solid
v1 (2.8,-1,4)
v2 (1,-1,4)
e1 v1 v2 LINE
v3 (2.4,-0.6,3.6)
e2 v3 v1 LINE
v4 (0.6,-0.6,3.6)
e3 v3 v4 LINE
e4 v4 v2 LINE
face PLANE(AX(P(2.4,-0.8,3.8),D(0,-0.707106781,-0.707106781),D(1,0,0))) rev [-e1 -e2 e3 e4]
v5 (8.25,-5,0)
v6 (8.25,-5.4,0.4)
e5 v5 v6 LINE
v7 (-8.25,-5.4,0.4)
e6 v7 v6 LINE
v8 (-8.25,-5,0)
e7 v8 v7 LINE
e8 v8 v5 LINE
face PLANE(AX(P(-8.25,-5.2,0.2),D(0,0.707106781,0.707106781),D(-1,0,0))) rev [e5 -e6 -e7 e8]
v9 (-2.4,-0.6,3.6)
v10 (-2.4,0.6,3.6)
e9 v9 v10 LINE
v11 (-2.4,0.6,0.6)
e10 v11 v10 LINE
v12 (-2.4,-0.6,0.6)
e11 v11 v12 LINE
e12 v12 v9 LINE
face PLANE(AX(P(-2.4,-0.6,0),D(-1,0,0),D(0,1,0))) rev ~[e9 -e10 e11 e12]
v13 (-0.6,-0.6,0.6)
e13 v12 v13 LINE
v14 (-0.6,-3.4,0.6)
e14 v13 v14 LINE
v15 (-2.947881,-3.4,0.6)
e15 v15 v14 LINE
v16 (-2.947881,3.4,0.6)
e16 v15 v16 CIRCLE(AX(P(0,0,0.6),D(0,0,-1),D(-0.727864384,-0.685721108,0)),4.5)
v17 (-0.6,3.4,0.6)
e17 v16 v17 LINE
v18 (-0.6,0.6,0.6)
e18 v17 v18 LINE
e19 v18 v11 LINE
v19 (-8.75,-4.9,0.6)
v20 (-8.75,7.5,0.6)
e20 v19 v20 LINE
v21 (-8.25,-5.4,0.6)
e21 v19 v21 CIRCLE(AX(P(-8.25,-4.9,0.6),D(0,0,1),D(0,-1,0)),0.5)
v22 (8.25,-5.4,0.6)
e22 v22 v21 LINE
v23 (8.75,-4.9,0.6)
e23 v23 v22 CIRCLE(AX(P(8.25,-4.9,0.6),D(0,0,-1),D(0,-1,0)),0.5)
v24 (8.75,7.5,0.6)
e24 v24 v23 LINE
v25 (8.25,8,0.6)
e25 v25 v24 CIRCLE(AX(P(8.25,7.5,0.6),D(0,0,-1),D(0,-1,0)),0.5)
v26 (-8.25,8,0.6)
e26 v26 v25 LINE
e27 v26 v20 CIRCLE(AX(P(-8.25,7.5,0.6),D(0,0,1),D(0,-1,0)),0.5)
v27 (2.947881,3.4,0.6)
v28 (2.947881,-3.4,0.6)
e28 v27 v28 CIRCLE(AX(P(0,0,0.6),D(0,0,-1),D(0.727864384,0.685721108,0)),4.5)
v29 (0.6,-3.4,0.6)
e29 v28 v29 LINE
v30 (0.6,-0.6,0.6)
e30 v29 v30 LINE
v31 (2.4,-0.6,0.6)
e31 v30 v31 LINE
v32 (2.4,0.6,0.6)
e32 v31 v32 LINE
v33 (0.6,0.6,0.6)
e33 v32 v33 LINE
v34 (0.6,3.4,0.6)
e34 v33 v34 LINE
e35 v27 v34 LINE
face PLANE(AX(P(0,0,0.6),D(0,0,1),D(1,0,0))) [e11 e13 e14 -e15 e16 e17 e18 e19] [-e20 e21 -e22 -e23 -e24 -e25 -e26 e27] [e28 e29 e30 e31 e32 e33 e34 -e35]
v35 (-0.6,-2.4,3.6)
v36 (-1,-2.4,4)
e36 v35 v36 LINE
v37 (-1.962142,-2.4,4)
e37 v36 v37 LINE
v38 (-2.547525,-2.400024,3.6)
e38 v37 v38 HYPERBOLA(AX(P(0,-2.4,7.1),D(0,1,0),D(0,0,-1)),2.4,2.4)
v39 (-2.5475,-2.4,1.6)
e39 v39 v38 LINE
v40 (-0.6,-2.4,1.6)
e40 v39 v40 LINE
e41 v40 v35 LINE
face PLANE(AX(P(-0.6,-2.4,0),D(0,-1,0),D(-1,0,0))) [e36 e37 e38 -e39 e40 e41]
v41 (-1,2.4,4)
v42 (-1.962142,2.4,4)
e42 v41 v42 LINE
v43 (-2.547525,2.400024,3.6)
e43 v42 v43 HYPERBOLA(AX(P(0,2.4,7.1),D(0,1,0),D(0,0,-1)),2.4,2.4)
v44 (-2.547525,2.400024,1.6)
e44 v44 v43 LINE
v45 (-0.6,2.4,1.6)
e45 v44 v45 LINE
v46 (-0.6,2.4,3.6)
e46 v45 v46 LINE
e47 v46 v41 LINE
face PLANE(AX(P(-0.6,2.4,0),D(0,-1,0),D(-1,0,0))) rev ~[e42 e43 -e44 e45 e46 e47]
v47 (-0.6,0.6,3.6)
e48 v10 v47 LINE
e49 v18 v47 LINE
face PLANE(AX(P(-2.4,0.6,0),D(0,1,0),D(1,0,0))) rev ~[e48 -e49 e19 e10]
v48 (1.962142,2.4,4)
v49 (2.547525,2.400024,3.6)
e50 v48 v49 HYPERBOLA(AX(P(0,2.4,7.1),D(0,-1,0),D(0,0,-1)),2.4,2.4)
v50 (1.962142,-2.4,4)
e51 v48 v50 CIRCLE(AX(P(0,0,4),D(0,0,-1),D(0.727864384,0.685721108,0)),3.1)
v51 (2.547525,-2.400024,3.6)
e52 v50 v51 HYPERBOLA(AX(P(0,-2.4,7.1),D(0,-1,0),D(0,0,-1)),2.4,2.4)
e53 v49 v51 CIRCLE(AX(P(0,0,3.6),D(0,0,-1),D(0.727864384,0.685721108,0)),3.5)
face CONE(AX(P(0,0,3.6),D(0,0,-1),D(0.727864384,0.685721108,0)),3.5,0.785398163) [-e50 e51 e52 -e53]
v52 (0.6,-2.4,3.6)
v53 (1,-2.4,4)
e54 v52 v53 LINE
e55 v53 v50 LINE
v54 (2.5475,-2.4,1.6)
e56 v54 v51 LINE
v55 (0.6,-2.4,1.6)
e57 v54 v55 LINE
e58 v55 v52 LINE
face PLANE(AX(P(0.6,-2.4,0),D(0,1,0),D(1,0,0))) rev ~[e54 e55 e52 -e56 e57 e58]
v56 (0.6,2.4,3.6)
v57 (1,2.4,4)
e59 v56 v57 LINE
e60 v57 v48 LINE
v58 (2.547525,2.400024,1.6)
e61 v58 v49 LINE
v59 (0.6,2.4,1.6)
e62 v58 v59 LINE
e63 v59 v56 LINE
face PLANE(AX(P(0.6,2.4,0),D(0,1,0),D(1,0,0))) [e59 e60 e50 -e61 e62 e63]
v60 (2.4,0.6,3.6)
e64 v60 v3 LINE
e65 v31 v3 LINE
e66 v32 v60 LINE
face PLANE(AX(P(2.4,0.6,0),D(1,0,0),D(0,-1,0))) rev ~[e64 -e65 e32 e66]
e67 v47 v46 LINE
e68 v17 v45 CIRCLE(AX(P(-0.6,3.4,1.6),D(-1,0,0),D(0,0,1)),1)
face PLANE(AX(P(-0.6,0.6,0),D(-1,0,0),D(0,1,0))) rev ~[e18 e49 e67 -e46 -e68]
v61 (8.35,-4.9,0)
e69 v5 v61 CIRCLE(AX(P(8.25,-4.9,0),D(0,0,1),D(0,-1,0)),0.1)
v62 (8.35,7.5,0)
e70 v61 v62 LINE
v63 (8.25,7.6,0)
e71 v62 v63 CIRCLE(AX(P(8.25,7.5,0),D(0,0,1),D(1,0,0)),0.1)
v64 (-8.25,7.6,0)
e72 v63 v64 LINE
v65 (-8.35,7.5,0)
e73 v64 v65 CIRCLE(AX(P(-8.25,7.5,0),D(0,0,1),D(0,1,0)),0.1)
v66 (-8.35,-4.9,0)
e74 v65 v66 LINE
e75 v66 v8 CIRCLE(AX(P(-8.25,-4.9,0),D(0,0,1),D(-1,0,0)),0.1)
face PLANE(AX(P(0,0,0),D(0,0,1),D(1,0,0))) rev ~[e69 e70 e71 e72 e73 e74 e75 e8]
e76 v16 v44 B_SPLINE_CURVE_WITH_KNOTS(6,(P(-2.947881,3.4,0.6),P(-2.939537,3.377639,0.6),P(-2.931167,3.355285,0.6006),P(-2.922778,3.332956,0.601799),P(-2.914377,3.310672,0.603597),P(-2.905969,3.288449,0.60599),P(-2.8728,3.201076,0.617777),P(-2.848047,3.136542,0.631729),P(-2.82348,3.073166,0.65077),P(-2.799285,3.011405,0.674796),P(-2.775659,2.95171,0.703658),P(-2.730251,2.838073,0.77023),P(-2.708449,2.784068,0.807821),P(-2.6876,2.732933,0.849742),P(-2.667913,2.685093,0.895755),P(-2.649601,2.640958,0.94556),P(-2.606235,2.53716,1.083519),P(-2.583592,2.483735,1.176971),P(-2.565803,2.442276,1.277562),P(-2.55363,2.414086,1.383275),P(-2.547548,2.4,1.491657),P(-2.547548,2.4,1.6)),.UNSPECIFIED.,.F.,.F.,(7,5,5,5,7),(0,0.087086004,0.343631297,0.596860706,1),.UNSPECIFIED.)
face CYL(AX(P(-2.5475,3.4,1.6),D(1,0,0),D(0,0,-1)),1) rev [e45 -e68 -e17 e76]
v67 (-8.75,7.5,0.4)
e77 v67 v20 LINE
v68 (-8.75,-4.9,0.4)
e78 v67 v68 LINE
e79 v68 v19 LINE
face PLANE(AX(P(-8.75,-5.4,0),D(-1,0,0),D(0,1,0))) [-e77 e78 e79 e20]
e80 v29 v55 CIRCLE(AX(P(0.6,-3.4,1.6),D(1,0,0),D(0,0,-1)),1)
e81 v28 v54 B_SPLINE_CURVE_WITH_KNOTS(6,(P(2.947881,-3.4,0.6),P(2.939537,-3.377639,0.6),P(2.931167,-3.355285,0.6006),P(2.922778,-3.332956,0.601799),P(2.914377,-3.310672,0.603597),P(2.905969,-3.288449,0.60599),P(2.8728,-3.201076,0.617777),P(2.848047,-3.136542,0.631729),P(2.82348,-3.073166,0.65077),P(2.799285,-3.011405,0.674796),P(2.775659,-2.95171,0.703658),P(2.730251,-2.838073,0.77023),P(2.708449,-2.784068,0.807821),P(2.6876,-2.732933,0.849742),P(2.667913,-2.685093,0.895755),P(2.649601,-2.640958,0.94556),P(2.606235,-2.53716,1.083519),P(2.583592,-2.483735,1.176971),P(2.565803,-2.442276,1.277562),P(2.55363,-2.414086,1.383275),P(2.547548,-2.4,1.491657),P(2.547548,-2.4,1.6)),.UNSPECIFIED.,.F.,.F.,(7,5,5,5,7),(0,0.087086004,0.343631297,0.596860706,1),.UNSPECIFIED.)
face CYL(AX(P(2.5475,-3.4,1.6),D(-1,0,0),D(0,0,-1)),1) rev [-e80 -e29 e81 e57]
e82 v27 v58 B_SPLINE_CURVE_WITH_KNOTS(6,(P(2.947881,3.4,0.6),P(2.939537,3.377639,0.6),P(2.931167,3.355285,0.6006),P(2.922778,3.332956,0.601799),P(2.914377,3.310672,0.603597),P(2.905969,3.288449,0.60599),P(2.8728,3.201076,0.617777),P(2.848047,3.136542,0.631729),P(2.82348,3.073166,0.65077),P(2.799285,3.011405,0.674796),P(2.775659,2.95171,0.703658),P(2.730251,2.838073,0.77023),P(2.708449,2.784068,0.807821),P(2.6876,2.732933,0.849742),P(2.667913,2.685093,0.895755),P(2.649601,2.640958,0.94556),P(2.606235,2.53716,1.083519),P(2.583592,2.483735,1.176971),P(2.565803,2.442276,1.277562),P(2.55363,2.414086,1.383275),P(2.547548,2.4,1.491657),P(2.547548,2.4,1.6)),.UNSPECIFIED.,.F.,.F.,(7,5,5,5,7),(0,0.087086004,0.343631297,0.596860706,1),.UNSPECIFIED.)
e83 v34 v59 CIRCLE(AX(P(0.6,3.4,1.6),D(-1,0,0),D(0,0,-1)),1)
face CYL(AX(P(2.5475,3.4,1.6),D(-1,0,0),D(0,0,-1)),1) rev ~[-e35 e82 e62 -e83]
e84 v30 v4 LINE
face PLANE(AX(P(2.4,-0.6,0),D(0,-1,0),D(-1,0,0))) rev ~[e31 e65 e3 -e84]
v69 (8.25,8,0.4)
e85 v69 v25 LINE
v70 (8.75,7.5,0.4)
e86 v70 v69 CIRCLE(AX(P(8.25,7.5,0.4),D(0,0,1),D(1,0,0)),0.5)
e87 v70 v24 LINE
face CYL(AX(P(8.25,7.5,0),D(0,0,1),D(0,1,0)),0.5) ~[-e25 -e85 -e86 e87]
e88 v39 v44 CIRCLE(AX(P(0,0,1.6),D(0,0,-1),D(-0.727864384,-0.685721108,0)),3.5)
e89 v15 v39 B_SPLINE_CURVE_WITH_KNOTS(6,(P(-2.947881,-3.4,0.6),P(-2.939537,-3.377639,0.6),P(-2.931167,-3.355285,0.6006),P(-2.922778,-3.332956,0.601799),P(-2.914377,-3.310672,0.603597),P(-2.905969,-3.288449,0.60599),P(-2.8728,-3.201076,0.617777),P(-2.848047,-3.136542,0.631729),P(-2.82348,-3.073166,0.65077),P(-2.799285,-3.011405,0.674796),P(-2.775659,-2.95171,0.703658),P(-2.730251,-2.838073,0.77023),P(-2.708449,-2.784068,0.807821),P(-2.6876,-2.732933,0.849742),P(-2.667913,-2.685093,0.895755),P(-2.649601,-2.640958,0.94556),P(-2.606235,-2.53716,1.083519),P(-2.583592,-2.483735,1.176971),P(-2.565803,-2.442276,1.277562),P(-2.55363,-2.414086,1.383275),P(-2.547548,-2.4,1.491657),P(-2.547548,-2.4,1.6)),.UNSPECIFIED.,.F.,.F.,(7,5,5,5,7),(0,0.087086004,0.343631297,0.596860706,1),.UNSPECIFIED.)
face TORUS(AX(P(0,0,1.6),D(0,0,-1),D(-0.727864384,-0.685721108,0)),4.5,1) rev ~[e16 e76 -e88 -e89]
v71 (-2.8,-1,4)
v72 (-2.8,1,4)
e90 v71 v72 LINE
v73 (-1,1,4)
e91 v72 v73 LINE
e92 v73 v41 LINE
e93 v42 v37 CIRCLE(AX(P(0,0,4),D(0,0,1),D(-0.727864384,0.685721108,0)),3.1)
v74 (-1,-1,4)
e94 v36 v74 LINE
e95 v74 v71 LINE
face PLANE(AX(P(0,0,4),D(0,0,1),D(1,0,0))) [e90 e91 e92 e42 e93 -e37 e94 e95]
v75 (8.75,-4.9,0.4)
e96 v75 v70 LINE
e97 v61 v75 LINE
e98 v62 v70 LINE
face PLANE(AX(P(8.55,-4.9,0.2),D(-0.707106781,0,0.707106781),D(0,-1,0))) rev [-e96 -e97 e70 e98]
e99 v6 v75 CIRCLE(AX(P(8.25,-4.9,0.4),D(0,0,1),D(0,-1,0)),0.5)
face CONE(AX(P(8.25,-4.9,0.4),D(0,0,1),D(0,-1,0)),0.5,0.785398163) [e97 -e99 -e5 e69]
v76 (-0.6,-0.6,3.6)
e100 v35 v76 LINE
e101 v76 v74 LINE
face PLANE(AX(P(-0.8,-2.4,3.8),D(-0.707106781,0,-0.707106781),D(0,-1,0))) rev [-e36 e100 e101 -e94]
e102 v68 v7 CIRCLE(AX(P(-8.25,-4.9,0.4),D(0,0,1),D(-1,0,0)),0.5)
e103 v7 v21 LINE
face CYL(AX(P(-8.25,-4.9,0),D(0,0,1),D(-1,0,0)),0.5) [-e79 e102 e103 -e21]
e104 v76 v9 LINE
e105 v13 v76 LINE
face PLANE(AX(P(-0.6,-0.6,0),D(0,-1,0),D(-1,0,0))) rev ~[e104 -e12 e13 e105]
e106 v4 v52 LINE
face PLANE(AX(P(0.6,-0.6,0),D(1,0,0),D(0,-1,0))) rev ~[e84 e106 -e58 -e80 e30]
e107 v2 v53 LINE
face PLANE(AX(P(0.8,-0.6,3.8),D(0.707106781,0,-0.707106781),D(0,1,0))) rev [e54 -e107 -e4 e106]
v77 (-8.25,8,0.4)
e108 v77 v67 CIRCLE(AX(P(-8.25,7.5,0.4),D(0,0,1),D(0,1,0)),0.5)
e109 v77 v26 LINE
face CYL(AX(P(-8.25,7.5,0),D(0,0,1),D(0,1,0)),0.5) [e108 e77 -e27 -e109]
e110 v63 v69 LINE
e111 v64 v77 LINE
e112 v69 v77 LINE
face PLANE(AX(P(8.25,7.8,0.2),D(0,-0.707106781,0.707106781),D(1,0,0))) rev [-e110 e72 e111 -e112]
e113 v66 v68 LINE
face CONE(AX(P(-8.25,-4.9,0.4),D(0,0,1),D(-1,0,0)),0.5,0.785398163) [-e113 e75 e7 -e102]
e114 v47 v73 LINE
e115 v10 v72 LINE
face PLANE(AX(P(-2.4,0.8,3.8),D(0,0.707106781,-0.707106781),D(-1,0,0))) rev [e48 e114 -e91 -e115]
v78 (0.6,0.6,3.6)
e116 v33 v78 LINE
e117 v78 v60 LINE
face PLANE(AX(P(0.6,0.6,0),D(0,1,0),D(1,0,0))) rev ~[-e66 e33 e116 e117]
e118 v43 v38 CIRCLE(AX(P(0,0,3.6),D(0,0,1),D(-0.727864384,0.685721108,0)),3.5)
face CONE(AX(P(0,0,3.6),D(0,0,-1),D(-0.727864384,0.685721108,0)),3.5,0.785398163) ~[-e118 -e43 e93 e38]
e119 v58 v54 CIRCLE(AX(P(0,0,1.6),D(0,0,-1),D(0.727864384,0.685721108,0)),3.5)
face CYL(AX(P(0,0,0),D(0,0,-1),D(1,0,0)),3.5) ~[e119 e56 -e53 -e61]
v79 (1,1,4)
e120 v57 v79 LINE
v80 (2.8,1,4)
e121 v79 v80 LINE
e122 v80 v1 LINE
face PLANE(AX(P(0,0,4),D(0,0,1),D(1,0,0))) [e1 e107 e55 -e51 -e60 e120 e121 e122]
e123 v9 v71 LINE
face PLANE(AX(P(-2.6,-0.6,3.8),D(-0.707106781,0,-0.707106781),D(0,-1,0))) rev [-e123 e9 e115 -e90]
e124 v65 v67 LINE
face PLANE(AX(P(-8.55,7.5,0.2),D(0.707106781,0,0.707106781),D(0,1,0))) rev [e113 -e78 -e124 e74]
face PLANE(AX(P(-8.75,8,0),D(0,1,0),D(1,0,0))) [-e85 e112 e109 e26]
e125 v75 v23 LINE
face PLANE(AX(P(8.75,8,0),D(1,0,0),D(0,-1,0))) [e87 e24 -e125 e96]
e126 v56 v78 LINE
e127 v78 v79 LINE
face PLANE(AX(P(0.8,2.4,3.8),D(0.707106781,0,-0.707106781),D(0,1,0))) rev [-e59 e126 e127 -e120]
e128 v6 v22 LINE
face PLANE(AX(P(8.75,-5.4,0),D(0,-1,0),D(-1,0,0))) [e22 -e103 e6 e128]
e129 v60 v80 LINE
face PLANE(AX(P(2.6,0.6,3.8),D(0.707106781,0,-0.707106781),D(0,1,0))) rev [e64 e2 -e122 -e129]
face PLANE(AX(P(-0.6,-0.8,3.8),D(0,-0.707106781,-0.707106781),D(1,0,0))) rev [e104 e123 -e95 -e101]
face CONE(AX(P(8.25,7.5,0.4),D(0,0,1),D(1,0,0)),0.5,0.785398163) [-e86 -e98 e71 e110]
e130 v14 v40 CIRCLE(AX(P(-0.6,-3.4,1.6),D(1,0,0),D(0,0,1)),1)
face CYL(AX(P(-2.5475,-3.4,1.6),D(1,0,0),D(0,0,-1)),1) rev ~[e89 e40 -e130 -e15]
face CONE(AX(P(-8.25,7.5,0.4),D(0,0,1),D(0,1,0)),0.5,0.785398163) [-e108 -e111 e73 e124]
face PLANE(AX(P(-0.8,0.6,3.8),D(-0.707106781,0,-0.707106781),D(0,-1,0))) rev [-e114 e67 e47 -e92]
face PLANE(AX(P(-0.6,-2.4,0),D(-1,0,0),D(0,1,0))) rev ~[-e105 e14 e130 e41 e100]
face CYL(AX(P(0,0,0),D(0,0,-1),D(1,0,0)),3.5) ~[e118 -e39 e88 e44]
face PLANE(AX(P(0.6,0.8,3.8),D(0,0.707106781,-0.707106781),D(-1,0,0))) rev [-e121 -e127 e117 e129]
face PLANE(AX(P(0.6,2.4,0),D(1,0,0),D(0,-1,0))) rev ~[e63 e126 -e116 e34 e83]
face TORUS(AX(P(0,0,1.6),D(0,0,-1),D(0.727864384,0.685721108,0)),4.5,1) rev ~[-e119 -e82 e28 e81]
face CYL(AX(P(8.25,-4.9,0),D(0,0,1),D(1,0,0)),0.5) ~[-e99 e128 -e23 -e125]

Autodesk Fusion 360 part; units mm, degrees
sketch "Sketch1" plane through (0, 0, 0) normal (0, 0, 1) x (1, 0, 0)
  line L0 (11.35, 9) -> (-11.35, 9) construction
  line L1 (-11.35, 9) -> (-11.35, -9) construction
  line L2 (-11.35, -9) -> (11.35, -9) construction
  line L3 (11.35, -9) -> (11.35, 9) construction
  line L4 (11.35, 9) -> (-11.35, -9) construction
  line L5 (-11.35, 9) -> (11.35, -9) construction
  line L6 (-8.75, 8) -> (8.75, 8)
  line L7 (8.75, 8) -> (8.75, -5.4)
  line L8 (8.75, -5.4) -> (-8.75, -5.4)
  line L9 (-8.75, -5.4) -> (-8.75, 8)
  circle A0 centre (0, 0) radius 3.5
  line L10 (2.4, -0.6) -> (-2.4, -0.6)
  line L11 (-2.4, -0.6) -> (-2.4, 0.6)
  line L12 (-2.4, 0.6) -> (2.4, 0.6)
  line L13 (2.4, 0.6) -> (2.4, -0.6)
  line L14 (2.4, -0.6) -> (-2.4, 0.6) construction
  line L15 (-2.4, -0.6) -> (2.4, 0.6) construction
  line L16 (0.6, -2.4) -> (-0.6, -2.4)
  line L17 (-0.6, -2.4) -> (-0.6, 2.4)
  line L18 (-0.6, 2.4) -> (0.6, 2.4)
  line L19 (0.6, 2.4) -> (0.6, -2.4)
  line L20 (0.6, -2.4) -> (-0.6, 2.4) construction
  line L21 (-0.6, -2.4) -> (0.6, 2.4) construction
  line L22 (-0.6, 2.4) -> (-2.5475, 2.4)
  line L23 (0.6, 2.4) -> (2.5475, 2.4)
  line L24 (-0.6, -2.4) -> (-2.5475, -2.4)
  line L25 (0.6, -2.4) -> (2.5475, -2.4)
  dimension "d1" = 22.7
  dimension "d2" = 18
  dimension "d3" = 3.6
  dimension "d4" = 1
  dimension "d5" = 2.6
  dimension "d6" = 2.6
  dimension "d7" = 7
  dimension "d8" = 4.8
  dimension "d9" = 1.2
  dimension "d10" = 1.2
  dimension "d11" = 4.8
extrude "Extrude1" add sketch "Sketch1" along normal blind 0.6 contours L6 L7 L8 L9 | A0 L10 L12 L13 L19 L23 L25 | A0 L18 L22 L23 | A0 L16 L24 L25 | A0 L10 L11 L12 L17 L22 L24 | L12 L17 L18 L19 | L10 L16 L17 L19 | L10 L12 L17 L19 | L10 L12 L13 L19 | L10 L11 L12 L17
extrude "Extrude2" add sketch "Sketch1" along normal blind 4 contours A0 L10 L12 L13 L19 L23 L25 | A0 L10 L11 L12 L17 L22 L24
fillet "Fillet1" radius 1 6 edges at (-1.5738, -2.4, 0.6) (-3.5, 0, 0.6) (1.5738, -2.4, 0.6) (3.5, 0, 0.6) (1.5738, 2.4, 0.6) (-1.5738, 2.4, 0.6)
fillet "Fillet1" radius 0.5 4 edges at (8.75, 8, 0.3) (-8.75, 8, 0.3) (8.75, -5.4, 0.3) (-8.75, -5.4, 0.3)
chamfer "Chamfer1" distance 0.4 angle 45 20 edges at (-8.6036, 7.8536, 0) (0, 8, 0) (8.6036, 7.8536, 0) (8.75, 1.3, 0) (8.6036, -5.2536, 0) (0, -5.4, 0) (-8.6036, -5.2536, 0) (-8.75, 1.3, 0) (-0.6, 1.5, 4) (-1.5, 0.6, 4) (-2.4, 0, 4) (-1.5, -0.6, 4) (-0.6, -1.5, 4) (0.6, -1.5, 4) (1.5, -0.6, 4) (2.4, 0, 4) (1.5, 0.6, 4) (0.6, 1.5, 4) (3.5, 0, 4) (-3.5, 0, 4)
